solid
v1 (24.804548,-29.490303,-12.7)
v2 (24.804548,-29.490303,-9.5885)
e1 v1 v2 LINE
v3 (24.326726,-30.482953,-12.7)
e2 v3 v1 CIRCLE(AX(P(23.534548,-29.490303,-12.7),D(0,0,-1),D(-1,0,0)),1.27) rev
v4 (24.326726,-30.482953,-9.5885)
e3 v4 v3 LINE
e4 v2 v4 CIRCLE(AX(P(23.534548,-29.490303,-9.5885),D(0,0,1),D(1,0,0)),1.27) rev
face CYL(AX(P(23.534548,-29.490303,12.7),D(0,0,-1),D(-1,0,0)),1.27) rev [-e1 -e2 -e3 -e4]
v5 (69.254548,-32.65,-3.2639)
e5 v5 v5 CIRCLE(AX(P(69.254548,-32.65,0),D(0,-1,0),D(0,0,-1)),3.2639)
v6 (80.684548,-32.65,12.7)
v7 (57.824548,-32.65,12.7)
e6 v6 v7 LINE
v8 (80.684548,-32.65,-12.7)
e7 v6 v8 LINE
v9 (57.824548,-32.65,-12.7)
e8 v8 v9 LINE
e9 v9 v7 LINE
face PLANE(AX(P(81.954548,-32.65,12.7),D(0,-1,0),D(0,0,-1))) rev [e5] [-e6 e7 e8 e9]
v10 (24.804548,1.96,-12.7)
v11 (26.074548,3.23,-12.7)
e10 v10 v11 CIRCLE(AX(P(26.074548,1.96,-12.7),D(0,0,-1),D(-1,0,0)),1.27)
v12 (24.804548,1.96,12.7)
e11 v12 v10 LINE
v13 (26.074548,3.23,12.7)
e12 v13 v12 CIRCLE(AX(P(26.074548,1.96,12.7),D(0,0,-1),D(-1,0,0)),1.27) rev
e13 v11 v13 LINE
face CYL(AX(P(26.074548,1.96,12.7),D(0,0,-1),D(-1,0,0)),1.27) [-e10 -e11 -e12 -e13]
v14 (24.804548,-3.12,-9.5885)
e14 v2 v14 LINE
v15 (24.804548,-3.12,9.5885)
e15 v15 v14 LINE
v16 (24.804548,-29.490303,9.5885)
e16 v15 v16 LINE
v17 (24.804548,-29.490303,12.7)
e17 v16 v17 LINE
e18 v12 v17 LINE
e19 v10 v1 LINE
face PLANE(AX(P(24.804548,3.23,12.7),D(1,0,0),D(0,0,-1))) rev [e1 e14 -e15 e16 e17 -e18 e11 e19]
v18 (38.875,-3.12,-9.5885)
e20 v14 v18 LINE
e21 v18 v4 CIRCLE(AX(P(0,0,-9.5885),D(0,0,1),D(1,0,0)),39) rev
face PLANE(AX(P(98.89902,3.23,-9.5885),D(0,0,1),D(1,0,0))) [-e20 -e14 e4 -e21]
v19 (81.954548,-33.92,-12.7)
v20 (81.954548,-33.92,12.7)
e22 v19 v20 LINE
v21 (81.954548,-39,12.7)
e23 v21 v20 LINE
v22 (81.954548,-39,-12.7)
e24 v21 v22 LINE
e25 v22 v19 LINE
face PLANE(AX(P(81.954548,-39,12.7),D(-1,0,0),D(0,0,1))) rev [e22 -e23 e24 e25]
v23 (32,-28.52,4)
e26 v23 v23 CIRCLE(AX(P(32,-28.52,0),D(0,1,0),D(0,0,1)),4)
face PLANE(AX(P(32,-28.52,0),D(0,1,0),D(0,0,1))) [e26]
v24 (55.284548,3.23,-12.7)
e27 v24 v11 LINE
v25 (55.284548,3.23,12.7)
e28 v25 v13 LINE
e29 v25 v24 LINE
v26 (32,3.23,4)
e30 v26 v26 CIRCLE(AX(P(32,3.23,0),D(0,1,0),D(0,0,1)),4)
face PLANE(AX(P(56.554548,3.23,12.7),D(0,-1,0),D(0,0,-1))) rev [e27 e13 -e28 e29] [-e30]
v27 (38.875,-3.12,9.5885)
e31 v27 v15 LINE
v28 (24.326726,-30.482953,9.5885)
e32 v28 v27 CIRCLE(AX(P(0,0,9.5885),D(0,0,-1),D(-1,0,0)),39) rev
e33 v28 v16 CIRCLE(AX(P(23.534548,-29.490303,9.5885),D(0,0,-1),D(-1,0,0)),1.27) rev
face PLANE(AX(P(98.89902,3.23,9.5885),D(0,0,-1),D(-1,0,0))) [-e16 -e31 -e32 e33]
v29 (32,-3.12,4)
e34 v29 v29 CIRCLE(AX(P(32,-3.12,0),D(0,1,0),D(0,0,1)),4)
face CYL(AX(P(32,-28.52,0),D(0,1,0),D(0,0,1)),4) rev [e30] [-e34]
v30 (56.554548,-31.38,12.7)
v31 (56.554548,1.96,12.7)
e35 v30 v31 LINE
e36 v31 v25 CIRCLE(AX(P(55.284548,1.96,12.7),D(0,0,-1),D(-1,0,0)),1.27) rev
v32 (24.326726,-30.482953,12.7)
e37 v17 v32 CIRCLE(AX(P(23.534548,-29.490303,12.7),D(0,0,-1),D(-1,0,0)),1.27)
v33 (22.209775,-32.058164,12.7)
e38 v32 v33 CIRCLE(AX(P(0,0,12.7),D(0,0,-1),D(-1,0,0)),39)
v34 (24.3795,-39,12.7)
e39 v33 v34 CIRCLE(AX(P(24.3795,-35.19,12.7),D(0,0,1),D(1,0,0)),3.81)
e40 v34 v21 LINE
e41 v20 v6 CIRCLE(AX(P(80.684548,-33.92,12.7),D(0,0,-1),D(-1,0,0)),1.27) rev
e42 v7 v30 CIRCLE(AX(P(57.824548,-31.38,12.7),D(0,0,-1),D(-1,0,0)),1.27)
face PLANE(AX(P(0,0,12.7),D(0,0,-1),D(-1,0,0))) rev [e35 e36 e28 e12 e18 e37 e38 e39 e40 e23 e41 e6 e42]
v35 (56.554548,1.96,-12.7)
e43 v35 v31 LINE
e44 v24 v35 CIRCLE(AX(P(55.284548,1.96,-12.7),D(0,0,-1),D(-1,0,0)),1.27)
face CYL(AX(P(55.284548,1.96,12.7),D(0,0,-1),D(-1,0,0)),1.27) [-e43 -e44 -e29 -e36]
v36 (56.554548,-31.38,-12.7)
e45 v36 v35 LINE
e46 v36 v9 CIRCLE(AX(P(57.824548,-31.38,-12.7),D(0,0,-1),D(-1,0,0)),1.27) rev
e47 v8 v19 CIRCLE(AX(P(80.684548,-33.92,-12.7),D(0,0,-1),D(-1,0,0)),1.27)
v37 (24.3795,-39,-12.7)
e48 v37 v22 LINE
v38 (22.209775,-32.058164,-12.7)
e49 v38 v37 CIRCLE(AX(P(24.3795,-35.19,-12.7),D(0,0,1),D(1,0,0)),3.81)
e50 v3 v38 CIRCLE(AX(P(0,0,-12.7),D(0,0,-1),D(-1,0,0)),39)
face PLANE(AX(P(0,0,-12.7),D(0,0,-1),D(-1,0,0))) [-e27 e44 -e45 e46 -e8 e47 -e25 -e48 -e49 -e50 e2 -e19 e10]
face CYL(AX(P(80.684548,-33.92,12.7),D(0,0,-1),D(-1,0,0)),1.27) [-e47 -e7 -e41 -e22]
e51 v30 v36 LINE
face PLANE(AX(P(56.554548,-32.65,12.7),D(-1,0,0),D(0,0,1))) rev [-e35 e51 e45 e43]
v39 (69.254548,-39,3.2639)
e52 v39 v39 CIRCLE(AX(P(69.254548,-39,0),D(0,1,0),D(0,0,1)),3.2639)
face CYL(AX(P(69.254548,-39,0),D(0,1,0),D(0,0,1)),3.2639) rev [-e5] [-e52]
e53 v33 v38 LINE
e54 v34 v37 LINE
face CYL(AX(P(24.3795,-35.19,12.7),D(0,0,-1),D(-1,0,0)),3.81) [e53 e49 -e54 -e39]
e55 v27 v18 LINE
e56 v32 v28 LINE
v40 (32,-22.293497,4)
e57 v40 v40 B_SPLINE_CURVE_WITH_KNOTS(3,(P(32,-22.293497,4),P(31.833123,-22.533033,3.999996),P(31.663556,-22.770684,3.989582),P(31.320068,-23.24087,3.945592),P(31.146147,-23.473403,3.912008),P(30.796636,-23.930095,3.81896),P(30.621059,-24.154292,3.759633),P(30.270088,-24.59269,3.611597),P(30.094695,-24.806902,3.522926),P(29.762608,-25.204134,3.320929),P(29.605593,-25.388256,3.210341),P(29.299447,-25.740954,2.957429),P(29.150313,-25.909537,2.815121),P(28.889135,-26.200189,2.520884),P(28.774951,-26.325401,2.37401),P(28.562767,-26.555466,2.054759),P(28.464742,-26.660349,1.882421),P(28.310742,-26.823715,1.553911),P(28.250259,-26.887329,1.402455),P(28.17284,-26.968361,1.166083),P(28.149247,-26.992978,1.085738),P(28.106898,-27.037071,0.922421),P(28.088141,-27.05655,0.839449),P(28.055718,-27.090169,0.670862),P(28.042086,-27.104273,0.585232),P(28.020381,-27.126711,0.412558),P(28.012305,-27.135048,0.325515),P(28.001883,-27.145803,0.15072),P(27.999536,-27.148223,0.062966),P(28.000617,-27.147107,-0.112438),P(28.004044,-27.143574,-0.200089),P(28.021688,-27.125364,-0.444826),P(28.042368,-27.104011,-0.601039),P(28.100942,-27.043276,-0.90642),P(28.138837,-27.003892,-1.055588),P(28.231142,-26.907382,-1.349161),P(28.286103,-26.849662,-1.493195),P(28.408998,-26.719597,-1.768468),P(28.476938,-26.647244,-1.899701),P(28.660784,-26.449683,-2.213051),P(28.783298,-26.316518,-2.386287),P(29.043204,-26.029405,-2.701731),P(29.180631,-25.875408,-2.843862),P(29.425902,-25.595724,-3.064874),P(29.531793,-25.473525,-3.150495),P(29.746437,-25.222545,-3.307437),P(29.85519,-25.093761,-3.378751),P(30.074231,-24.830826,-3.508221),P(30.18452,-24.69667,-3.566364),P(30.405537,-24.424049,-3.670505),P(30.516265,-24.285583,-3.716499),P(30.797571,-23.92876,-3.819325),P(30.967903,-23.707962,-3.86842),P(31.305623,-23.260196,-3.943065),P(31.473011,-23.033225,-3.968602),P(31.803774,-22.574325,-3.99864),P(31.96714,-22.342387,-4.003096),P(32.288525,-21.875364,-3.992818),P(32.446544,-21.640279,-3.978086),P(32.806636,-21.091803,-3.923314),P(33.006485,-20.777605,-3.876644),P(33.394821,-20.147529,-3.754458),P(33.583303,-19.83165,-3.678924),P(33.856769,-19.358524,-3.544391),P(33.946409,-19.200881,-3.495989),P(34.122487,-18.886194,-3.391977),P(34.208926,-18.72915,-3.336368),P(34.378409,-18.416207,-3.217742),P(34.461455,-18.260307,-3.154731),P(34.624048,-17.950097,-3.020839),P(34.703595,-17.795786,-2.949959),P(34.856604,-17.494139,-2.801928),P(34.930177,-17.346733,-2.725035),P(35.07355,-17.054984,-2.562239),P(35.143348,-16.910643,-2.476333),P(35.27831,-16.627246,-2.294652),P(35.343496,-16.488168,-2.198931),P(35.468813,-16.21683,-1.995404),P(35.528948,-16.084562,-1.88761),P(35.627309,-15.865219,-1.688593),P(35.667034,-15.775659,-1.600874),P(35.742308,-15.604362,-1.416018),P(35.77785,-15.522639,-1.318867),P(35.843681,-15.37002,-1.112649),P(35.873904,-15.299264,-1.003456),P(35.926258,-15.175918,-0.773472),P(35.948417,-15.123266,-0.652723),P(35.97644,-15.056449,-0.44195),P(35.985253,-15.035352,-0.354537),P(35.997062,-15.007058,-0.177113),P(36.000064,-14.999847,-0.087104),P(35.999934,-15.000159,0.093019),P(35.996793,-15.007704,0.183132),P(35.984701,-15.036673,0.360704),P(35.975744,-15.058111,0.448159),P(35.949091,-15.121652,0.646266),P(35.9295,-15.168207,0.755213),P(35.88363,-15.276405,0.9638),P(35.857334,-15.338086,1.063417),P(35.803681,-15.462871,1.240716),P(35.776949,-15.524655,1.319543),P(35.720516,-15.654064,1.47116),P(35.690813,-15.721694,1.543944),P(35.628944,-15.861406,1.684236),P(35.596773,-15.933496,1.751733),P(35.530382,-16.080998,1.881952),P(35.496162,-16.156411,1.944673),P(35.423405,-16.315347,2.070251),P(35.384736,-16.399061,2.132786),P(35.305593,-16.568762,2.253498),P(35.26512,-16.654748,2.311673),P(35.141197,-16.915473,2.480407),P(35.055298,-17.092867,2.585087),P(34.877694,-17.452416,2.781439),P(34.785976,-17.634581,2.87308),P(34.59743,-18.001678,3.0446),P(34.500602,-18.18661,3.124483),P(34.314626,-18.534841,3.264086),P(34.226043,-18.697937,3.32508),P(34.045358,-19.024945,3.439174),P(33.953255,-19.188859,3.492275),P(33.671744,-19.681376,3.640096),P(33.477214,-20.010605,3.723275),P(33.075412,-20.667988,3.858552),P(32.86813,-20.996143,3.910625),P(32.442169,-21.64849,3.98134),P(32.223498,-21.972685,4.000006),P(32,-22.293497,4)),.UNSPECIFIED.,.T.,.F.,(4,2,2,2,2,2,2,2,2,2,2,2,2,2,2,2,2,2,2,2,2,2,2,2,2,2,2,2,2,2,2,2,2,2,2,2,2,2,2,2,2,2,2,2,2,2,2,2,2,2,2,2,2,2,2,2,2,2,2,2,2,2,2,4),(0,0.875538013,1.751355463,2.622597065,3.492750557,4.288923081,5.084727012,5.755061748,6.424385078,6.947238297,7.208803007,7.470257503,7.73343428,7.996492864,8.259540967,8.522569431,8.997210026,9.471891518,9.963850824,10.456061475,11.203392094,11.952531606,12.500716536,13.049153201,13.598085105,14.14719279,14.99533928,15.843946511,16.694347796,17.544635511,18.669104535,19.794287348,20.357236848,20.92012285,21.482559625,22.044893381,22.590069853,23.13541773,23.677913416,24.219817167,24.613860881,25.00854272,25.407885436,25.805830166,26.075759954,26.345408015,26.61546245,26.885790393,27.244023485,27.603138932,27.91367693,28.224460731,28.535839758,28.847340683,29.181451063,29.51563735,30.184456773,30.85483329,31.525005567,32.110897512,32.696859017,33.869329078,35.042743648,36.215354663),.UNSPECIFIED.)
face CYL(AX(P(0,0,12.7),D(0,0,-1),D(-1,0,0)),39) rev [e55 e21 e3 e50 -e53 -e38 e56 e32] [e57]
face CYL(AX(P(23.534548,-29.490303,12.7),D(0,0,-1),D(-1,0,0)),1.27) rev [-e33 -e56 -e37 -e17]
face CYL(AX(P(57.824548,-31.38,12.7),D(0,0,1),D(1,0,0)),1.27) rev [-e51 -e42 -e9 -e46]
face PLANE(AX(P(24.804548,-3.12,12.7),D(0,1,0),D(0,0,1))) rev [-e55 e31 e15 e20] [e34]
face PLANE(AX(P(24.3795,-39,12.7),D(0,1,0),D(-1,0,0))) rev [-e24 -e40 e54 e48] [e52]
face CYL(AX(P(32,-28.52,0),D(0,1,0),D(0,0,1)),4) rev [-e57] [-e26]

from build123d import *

# Parameters (mm, degrees)
BOSS_EXTRUDE1_DEPTH     = 12.7
SKETCH2_R               = 3.2639
CUT_EXTRUDE1_DEPTH      = 4.23
CUT_EXTRUDE1_DEPTH_BACK = 40
SKETCH3_R               = 4
CUT_EXTRUDE2_DEPTH      = 31.75
SKETCH4_W               = 3.1115
SKETCH4_H               = 42.23
BOSS_EXTRUDE2_DEPTH     = 31.75
FILLET4_R               = 1.27


with BuildPart() as part:
    # Sketch1 → Boss-Extrude1 (new body, symmetric)
    with BuildSketch(Plane.XY):
        with BuildLine():
            Line((81.95454797, -39), (81.95454797, -32.65))
            Line((81.95454797, -32.65), (56.55454797, -32.65))
            Line((56.55454797, -32.65), (56.55454797, 3.23))
            Line((56.55454797, 3.23), (24.80454797, 3.23))
            Line((24.80454797, 3.23), (24.80454797, -3.12))
            Line((24.80454797, -3.12), (38.874999678, -3.12))
            ThreePointArc((38.874999678, -3.12), (33.796327751, -19.462996443), (22.209775375, -32.05816398))
            ThreePointArc((22.209775375, -32.05816398), (20.742990597, -36.326618838), (24.379499585, -39))
            Line((24.379499585, -39), (81.95454797, -39))
        make_face()
    extrude(amount=BOSS_EXTRUDE1_DEPTH, both=True)

    # Sketch2 → Cut-Extrude1 (cut, two sides)
    with BuildSketch(Plane(origin=(0, 0, 0), x_dir=(1, 0, 0), z_dir=(0, 1, 0))) as cut_extrude1_sk:
        with Locations((69.25454797, 0)):
            Circle(SKETCH2_R)
    extrude(amount=CUT_EXTRUDE1_DEPTH, mode=Mode.SUBTRACT)
    extrude(cut_extrude1_sk.sketch, amount=-CUT_EXTRUDE1_DEPTH_BACK, mode=Mode.SUBTRACT)

    # Sketch3 → Cut-Extrude2 (cut)
    with BuildSketch(Plane(origin=(0, 3.23, 0), x_dir=(1, 0, 0), z_dir=(0, 1, 0))):
        with Locations((32, 0)):
            Circle(SKETCH3_R)
    extrude(amount=-CUT_EXTRUDE2_DEPTH, mode=Mode.SUBTRACT)

    # Sketch4 → Boss-Extrude2 (add)
    with BuildSketch(Plane.ZY.offset(-24.80454797)):
        with Locations((-11.14425, -17.885)):
            Rectangle(SKETCH4_W, SKETCH4_H)
        with Locations((11.14425, -17.885)):
            Rectangle(SKETCH4_W, SKETCH4_H)
    extrude(amount=-BOSS_EXTRUDE2_DEPTH)

    # Fillet4
    fillet4_edges = [part.edges().sort_by_distance(p)[0] for p in [
        (24.80454797, 3.23, 0),
        (56.55454797, 3.23, 0),
        (56.55454797, -32.65, 0),
        (81.95454797, -32.65, 0),
        (24.80454797, -30.095421579, -11.14425),
        (24.80454797, -30.095421579, 11.14425),
    ]]
    fillet(fillet4_edges, radius=FILLET4_R)


solid = part.part
